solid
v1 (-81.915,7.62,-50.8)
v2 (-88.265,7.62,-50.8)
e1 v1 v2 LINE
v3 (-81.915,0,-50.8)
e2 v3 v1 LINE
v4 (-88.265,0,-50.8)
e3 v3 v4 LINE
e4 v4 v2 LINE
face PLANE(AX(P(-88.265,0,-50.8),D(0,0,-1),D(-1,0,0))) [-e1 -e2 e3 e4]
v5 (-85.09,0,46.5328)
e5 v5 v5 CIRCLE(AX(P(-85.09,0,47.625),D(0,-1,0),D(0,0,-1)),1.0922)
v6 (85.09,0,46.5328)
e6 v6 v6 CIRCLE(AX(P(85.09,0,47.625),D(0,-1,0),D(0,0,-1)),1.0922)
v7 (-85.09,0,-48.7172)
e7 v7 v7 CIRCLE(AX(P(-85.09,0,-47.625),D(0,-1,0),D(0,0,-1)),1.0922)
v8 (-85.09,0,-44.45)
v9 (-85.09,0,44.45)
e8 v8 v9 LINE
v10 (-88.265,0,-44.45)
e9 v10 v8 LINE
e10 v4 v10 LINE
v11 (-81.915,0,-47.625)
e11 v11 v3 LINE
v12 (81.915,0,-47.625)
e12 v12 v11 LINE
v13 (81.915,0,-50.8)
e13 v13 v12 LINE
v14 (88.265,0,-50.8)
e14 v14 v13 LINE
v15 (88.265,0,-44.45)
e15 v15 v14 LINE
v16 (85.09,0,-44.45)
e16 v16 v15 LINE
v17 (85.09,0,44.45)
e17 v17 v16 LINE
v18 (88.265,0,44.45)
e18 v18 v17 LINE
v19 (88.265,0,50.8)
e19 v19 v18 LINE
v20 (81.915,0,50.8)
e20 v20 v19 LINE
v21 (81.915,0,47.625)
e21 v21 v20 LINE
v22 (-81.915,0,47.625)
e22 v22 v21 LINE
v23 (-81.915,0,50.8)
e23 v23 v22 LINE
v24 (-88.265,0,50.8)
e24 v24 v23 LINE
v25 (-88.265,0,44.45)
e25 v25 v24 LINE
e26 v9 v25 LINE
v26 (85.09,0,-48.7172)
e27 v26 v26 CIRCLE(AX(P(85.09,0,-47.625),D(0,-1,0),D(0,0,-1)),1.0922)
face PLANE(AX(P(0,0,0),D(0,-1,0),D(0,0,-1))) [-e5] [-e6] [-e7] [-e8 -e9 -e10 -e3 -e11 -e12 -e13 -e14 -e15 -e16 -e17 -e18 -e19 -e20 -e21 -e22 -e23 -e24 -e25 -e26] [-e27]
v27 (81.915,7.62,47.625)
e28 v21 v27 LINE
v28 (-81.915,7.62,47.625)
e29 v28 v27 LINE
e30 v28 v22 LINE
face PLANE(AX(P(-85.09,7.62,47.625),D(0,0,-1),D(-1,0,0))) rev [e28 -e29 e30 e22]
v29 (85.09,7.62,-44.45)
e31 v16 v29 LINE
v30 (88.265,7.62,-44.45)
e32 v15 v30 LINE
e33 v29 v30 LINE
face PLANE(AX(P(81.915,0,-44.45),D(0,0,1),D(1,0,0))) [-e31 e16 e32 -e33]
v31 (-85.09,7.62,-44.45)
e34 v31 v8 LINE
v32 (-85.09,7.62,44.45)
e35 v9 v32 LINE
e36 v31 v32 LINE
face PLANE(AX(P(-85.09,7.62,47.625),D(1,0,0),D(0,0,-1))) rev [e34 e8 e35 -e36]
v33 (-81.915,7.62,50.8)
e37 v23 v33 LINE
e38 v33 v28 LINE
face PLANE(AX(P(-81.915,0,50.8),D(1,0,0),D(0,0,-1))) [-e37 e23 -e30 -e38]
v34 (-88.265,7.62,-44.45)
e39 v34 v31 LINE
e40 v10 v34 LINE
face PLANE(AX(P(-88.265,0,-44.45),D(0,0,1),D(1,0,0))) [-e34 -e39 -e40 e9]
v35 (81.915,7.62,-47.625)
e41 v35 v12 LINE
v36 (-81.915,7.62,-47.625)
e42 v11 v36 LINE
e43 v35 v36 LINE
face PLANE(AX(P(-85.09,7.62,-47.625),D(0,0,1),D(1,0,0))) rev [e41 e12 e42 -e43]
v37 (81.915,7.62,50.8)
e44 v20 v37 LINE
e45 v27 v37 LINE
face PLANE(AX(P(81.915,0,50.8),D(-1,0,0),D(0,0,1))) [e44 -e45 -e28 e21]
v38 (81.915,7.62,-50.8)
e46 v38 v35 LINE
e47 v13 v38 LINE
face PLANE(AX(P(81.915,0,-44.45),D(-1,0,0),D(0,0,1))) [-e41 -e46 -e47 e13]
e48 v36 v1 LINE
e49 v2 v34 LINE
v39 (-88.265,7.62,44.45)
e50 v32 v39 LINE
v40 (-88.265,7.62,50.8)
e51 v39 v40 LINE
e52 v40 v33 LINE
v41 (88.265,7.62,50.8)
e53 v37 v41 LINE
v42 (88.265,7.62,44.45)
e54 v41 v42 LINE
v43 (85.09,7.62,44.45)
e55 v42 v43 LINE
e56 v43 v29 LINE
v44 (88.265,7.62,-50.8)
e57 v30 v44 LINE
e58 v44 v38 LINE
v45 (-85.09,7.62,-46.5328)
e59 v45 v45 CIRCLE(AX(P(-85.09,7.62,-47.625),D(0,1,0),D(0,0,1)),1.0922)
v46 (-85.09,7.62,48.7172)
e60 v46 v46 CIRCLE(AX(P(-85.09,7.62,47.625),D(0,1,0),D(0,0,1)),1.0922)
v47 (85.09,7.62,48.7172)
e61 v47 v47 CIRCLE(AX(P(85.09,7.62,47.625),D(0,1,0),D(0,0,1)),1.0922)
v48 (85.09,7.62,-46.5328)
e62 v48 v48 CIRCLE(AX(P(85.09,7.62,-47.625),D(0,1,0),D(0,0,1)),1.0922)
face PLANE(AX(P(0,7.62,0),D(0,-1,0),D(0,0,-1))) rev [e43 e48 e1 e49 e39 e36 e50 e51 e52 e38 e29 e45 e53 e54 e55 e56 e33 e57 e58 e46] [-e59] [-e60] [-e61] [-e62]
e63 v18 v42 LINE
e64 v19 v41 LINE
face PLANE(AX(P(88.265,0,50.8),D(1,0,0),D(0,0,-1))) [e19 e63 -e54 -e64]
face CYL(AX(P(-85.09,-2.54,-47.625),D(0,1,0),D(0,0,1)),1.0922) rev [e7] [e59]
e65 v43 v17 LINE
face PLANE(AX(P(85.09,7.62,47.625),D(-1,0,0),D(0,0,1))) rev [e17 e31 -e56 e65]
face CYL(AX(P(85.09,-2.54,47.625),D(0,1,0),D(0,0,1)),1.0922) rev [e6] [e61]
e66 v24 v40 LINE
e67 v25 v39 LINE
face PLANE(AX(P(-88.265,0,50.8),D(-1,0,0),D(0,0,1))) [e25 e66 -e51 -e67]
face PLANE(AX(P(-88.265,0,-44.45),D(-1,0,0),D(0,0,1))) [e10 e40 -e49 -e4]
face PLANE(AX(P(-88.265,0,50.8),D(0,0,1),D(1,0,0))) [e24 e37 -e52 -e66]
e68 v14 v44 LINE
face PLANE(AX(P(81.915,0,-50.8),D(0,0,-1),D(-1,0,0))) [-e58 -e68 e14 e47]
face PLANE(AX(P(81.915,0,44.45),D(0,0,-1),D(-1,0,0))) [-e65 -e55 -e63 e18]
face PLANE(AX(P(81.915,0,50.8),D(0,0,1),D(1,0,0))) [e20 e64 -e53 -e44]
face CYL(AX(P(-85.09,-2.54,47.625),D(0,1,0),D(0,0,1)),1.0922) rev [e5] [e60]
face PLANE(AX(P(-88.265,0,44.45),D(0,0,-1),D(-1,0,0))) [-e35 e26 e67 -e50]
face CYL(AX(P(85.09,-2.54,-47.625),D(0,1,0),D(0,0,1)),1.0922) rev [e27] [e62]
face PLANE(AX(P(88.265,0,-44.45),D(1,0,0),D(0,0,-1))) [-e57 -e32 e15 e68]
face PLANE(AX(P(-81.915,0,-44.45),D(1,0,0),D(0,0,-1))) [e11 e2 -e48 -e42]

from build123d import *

# Parameters (mm, degrees)
SKETCH3_W           = 170.18
SKETCH3_H           = 95.25
BOSS_EXTRUDE1_DEPTH = 7.62
SKETCH4_W           = 6.35
SKETCH4_H           = 6.35
BOSS_EXTRUDE3_DEPTH = 7.62
SKETCH6_R           = 1.0922
CUT_EXTRUDE1_DEPTH  = 10.16


with BuildPart() as part:
    # Sketch3 → Boss-Extrude1 (new body)
    with BuildSketch(Plane(origin=(0, 0, 0), x_dir=(1, 0, 0), z_dir=(0, 1, 0))):
        Rectangle(SKETCH3_W, SKETCH3_H)
    extrude(amount=BOSS_EXTRUDE1_DEPTH)

    # Sketch4 → Boss-Extrude3 (add)
    with BuildSketch(Plane(origin=(0, 7.62, 0), x_dir=(1, 0, 0), z_dir=(0, 1, 0))):
        with Locations((-85.09, 47.625)):
            Rectangle(SKETCH4_W, SKETCH4_H)
        with Locations((-85.09, -47.625)):
            Rectangle(SKETCH4_W, SKETCH4_H)
        with Locations((85.09, 47.625)):
            Rectangle(SKETCH4_W, SKETCH4_H)
        with Locations((85.09, -47.625)):
            Rectangle(SKETCH4_W, SKETCH4_H)
    extrude(amount=-BOSS_EXTRUDE3_DEPTH)

    # Sketch6 → Cut-Extrude1 (cut)
    with BuildSketch(Plane(origin=(0, 7.62, 0), x_dir=(1, 0, 0), z_dir=(0, 1, 0))):
        with Locations(Location((-85.09, 47.625, 0), (0, 0, 270))):
            Circle(SKETCH6_R)
        with Locations(Location((-85.09, -47.625, 0), (0, 0, 270))):
            Circle(SKETCH6_R)
        with Locations(Location((85.09, -47.625, 0), (0, 0, 270))):
            Circle(SKETCH6_R)
        with Locations(Location((85.09, 47.625, 0), (0, 0, 270))):
            Circle(SKETCH6_R)
    extrude(amount=-CUT_EXTRUDE1_DEPTH, mode=Mode.SUBTRACT)


solid = part.part
